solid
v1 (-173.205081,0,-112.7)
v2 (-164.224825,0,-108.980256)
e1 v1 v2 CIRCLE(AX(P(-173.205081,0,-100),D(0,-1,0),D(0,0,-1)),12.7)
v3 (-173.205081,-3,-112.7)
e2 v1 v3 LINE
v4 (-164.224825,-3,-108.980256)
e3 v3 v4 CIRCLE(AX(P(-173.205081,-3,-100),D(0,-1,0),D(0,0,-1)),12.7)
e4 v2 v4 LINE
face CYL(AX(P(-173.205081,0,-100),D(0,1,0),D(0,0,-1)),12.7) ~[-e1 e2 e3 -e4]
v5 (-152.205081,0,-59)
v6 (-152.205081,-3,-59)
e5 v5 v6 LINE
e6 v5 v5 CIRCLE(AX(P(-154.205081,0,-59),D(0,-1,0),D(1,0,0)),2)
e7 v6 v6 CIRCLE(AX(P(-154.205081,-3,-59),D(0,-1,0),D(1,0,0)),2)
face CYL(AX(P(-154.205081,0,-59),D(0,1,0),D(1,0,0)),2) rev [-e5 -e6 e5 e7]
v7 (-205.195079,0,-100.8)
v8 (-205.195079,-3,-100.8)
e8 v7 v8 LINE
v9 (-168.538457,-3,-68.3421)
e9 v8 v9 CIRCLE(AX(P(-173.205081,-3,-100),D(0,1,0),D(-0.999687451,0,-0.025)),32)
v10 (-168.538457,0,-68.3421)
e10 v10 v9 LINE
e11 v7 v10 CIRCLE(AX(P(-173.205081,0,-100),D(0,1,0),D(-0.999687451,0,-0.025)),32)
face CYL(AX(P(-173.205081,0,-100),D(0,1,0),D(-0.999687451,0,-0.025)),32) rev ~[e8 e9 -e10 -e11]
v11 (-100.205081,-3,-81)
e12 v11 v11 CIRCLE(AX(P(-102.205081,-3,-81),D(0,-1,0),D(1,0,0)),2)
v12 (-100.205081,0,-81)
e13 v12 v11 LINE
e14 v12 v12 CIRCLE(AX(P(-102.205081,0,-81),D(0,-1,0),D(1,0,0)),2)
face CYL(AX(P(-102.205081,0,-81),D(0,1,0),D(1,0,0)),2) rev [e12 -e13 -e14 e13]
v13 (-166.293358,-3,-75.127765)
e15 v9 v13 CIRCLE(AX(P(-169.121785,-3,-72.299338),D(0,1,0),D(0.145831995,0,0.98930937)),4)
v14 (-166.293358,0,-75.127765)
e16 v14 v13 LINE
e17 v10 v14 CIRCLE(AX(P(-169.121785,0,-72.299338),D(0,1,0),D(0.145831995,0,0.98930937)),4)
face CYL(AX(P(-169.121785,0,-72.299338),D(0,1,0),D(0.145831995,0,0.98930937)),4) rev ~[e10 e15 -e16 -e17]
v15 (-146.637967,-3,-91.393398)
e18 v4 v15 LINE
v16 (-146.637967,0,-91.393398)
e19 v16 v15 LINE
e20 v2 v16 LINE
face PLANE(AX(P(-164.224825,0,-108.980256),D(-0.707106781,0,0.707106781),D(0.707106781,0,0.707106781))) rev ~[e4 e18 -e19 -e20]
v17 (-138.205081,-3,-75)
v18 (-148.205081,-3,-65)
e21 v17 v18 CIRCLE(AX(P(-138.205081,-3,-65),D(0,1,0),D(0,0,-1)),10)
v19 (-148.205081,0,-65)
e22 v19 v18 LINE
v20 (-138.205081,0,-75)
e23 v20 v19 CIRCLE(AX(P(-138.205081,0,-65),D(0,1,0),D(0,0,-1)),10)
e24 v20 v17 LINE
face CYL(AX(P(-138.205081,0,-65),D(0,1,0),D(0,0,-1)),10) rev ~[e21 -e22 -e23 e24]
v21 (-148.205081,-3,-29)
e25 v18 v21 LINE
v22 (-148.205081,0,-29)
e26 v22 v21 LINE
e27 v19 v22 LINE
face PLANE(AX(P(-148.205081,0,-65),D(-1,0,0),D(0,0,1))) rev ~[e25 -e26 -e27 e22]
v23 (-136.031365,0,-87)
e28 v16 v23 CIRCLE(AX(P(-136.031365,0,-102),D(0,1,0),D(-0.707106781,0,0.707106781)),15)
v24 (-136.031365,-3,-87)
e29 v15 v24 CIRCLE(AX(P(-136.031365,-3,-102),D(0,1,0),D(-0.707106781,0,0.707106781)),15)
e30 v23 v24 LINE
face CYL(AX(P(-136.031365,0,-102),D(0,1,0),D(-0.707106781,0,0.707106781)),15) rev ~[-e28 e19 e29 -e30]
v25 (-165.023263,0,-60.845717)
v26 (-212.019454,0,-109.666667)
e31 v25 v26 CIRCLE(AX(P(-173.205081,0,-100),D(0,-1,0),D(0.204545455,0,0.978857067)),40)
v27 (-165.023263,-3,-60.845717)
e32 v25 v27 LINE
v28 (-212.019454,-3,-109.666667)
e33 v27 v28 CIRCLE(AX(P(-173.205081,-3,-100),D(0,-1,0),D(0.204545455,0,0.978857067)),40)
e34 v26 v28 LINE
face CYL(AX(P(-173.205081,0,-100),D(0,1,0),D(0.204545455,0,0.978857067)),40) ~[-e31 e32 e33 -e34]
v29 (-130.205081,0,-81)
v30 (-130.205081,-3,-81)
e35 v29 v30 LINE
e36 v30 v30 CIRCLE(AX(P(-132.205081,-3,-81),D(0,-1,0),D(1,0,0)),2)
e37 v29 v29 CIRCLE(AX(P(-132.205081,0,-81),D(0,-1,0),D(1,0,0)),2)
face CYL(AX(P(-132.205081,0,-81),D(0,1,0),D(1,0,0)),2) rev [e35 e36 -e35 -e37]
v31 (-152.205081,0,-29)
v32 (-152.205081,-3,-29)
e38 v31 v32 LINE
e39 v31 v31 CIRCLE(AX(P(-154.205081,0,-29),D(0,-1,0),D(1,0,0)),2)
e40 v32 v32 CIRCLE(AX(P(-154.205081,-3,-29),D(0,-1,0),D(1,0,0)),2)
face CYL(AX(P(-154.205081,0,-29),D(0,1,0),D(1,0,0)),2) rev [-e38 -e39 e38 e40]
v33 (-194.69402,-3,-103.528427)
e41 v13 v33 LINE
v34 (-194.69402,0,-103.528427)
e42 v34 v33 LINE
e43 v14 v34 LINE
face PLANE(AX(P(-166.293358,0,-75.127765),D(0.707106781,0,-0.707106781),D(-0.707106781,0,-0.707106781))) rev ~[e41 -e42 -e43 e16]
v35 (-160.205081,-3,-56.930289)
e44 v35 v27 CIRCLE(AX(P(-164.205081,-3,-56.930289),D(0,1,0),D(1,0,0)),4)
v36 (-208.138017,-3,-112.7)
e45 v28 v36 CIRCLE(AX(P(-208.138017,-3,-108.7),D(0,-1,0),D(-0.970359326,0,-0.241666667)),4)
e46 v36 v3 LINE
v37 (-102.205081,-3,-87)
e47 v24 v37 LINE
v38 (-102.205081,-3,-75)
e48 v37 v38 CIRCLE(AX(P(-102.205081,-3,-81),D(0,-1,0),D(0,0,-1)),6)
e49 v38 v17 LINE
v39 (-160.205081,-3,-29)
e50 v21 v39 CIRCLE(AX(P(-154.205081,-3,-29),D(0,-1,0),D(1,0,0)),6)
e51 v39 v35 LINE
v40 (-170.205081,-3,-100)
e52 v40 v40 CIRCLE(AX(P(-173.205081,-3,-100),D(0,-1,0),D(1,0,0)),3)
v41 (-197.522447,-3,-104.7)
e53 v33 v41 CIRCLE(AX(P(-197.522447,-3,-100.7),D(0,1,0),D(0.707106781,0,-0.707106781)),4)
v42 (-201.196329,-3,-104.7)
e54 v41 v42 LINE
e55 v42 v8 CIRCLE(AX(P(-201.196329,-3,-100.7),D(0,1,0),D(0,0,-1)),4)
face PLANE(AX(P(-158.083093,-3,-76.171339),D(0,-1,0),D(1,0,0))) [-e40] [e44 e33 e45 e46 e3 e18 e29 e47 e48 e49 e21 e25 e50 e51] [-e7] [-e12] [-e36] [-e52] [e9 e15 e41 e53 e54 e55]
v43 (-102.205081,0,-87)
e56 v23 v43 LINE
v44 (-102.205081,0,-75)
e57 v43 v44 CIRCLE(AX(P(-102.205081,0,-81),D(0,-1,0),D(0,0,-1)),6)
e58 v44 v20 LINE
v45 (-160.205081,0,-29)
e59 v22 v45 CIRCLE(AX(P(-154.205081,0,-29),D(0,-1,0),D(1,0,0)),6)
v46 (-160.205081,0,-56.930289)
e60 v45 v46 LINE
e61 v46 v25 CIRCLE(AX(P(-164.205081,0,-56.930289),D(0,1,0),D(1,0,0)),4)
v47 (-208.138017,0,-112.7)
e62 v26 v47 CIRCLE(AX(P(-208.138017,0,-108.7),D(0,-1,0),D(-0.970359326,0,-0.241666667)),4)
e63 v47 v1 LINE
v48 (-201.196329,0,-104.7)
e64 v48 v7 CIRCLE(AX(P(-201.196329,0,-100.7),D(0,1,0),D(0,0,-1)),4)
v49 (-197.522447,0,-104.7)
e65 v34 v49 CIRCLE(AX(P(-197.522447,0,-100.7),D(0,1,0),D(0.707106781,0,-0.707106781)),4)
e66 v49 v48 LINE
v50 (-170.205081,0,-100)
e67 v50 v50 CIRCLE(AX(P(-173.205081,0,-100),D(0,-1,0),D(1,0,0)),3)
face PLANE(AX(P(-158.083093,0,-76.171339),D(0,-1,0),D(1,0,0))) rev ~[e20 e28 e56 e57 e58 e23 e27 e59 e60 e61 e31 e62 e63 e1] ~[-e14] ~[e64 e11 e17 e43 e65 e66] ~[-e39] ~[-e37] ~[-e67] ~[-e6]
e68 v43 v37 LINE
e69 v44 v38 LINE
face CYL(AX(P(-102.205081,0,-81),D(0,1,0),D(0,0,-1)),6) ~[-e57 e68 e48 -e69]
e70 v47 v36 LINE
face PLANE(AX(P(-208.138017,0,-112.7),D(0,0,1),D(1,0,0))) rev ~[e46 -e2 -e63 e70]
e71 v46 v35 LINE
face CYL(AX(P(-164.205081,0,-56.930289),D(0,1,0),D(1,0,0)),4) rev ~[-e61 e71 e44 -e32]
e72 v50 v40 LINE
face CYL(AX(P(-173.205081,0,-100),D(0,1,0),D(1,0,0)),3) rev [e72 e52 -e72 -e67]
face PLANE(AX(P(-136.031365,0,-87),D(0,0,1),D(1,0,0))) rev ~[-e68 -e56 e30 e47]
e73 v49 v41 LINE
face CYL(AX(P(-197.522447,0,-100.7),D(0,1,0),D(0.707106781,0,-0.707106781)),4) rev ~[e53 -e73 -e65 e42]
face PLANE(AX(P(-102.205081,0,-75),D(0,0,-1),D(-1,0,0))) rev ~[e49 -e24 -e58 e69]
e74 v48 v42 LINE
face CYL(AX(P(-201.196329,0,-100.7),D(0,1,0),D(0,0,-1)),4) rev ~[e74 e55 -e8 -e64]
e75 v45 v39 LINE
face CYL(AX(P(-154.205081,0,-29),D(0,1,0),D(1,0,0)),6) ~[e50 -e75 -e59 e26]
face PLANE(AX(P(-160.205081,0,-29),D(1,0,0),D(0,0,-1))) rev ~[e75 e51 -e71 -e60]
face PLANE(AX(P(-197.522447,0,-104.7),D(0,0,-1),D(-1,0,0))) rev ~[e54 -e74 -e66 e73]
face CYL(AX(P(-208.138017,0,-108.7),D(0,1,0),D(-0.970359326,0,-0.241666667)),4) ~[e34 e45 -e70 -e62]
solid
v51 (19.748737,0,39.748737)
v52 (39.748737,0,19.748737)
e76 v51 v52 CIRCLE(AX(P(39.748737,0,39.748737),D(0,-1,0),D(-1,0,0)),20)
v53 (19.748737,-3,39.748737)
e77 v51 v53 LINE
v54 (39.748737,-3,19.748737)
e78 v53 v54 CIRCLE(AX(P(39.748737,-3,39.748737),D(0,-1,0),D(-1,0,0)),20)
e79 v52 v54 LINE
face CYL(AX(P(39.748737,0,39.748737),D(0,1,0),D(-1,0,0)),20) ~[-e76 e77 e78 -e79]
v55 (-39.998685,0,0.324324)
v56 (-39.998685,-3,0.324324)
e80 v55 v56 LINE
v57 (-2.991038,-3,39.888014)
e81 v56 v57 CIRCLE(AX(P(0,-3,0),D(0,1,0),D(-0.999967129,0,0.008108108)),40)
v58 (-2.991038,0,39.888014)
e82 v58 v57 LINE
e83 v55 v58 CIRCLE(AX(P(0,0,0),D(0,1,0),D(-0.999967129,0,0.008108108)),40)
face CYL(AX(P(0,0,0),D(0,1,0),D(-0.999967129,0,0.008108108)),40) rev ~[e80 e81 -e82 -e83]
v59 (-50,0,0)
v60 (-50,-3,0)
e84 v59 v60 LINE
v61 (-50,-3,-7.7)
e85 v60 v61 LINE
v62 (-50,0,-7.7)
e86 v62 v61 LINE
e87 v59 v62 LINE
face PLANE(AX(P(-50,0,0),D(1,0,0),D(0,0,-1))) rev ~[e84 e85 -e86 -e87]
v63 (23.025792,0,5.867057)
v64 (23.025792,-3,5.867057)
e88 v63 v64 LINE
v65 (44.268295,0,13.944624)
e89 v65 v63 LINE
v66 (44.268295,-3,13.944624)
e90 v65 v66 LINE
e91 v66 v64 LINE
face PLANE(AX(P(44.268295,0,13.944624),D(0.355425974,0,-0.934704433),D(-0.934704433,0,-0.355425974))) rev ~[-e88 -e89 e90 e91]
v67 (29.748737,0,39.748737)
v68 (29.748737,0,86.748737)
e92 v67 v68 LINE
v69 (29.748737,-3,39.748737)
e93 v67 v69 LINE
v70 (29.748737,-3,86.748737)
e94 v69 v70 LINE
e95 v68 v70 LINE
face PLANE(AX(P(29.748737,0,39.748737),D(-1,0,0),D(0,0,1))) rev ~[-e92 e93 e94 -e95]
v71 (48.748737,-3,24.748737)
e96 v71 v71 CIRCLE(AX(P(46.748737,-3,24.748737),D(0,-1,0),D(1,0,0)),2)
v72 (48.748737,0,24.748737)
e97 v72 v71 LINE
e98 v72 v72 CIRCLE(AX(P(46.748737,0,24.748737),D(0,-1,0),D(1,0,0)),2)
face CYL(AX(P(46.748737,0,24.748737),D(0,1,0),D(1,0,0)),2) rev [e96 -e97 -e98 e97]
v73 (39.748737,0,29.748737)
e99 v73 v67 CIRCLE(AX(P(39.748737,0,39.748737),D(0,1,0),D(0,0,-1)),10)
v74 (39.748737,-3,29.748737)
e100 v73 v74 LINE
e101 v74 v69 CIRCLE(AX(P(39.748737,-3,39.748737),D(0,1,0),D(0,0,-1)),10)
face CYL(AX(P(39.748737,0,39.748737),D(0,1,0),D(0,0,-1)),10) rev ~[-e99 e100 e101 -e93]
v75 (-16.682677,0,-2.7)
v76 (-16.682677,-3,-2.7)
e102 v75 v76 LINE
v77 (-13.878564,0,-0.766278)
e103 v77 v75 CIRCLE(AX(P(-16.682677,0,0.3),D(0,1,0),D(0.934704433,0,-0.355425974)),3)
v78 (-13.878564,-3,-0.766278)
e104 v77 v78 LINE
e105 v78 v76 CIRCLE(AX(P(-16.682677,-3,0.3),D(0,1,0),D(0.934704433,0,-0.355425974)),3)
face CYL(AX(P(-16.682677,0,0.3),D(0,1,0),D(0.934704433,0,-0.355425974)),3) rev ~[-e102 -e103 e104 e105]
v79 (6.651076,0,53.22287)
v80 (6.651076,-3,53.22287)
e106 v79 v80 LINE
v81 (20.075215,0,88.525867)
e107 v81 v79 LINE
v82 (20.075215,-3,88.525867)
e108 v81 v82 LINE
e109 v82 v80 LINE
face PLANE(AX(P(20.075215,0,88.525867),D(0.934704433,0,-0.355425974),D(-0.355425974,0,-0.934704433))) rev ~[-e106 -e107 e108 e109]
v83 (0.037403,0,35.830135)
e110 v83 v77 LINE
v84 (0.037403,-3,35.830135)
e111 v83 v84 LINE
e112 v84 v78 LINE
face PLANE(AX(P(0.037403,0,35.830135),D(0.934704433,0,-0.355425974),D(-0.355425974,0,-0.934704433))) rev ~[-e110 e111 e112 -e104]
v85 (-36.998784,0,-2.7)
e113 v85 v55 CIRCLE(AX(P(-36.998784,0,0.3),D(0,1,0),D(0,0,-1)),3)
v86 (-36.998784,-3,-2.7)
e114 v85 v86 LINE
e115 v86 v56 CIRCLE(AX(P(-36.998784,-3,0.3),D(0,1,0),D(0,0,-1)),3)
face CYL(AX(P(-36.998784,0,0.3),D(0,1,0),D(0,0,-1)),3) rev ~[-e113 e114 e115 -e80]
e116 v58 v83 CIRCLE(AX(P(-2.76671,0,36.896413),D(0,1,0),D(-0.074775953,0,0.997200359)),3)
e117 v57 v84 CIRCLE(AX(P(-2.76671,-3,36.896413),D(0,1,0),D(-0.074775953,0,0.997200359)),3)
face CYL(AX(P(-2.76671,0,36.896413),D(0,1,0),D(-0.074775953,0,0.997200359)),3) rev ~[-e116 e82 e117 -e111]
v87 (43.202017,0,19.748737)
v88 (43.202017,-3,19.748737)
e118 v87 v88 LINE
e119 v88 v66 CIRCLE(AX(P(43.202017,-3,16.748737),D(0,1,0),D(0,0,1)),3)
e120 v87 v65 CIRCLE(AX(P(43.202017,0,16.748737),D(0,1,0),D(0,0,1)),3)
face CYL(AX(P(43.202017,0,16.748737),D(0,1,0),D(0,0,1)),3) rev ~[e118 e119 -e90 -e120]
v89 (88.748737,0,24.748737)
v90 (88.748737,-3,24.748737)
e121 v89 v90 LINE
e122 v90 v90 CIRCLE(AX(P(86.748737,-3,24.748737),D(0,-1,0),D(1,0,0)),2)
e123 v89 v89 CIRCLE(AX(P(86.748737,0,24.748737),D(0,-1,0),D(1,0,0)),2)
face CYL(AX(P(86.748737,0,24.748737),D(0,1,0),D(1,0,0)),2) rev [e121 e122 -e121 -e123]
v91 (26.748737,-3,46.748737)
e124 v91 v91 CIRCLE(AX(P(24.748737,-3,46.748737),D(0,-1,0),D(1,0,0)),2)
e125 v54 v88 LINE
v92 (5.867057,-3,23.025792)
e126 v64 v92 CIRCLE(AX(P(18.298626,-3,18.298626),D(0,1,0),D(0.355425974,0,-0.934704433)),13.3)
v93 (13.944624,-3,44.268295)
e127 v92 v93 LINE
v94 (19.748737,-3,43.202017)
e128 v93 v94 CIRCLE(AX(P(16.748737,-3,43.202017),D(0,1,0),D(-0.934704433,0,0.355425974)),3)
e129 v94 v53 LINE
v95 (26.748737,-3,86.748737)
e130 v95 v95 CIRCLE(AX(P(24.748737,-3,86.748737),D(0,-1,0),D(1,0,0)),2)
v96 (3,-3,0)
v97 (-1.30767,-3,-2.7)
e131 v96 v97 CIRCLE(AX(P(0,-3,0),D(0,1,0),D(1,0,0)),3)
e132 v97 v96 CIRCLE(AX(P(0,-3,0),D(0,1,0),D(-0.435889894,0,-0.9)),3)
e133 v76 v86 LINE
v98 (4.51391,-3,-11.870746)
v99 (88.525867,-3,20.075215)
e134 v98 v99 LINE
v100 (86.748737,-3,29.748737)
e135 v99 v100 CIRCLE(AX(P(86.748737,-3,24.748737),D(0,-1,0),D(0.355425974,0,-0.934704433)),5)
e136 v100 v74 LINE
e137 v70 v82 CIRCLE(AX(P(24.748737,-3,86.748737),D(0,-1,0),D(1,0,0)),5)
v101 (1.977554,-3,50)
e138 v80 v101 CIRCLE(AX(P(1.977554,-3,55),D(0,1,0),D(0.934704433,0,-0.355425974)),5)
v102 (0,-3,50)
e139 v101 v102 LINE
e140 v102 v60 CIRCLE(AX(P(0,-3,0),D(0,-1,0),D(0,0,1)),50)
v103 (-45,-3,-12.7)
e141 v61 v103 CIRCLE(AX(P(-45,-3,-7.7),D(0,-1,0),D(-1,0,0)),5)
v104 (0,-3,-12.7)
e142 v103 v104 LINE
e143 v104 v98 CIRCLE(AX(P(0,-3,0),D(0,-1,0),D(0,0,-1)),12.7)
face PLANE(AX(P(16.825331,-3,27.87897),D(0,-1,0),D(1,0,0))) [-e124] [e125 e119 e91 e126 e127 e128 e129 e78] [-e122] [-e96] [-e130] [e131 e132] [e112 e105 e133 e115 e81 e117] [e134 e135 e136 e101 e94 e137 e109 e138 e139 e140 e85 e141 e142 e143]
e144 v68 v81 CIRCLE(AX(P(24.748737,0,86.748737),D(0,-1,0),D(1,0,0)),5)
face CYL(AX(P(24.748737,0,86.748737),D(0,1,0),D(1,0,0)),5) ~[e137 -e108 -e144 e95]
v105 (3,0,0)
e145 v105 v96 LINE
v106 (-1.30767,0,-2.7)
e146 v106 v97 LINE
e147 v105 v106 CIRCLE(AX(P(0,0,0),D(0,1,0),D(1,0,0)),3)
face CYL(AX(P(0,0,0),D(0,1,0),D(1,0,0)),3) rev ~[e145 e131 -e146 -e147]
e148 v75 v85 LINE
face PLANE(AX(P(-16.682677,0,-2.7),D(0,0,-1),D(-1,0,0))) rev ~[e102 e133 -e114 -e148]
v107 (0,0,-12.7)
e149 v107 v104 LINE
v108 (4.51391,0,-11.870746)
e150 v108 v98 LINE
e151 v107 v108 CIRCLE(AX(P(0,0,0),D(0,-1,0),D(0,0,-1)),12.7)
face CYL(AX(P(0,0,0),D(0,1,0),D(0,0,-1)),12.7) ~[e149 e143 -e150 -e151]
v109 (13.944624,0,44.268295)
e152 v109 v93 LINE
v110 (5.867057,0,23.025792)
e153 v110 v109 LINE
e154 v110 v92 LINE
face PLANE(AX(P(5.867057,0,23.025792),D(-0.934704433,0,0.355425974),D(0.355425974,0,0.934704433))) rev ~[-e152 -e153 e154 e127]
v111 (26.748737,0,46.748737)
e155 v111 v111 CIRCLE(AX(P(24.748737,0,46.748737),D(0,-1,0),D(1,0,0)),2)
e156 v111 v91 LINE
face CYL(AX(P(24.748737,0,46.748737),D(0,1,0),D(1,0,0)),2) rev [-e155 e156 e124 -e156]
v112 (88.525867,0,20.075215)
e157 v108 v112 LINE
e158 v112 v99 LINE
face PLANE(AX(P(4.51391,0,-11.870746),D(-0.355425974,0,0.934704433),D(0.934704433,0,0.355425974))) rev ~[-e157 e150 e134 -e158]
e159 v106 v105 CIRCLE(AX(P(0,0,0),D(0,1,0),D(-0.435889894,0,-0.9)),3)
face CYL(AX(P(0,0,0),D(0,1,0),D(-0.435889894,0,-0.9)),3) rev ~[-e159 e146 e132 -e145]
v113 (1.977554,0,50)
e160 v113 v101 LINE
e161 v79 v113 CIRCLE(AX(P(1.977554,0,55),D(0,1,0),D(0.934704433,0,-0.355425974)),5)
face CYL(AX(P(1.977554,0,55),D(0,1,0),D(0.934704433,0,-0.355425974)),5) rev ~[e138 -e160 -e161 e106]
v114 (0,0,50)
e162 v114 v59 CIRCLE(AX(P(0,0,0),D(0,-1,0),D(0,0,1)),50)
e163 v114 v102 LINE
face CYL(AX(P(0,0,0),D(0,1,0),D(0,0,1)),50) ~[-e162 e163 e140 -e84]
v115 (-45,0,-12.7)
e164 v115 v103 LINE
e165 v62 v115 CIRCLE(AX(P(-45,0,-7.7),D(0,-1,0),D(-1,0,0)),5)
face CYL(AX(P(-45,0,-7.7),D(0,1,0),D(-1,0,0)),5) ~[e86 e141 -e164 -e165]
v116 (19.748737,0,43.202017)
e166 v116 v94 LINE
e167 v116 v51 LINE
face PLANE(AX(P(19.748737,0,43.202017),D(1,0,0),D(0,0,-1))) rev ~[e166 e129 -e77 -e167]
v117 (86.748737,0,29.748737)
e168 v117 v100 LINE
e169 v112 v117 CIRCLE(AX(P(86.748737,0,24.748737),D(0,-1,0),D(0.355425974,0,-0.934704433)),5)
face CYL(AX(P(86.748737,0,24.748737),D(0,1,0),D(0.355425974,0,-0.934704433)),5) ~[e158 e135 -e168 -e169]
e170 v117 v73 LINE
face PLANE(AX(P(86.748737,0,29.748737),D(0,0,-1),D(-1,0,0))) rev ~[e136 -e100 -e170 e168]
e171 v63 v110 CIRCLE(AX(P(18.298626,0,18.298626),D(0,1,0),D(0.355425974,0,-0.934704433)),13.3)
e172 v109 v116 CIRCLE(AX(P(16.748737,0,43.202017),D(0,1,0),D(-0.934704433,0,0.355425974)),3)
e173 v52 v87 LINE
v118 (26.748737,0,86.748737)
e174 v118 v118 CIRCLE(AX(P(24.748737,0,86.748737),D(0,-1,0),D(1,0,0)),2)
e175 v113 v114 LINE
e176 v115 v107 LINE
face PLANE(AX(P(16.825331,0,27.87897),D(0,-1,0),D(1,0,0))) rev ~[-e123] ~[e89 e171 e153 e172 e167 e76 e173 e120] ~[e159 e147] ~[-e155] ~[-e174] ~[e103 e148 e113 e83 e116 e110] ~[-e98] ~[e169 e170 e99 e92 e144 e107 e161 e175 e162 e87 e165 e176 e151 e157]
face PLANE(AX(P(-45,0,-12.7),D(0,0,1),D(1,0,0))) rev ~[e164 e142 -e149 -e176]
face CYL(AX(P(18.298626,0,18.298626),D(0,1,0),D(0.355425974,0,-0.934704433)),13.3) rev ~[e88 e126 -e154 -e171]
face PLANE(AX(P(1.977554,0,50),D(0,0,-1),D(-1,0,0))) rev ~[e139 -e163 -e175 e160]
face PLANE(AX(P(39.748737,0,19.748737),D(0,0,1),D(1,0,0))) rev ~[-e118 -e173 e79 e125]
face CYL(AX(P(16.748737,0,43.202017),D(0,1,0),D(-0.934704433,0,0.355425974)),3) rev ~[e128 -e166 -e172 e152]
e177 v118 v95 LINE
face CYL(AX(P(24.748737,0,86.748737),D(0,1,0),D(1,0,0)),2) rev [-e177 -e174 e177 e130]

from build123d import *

# Parameters (mm, degrees)
F0_R     = 2
F1_DEPTH = 3
F2_R     = 3
F2_R_2   = 2
F3_DEPTH = 3


with BuildPart() as f1:
    # F0 (on Front) → F1 (new body)
    with BuildSketch(Plane.XZ):
        with BuildLine():
            Line((1.9775541105, 50), (0, 50))
            ThreePointArc((0, 50), (-35.3553390593, 35.3553390593), (-50, 0))
            Line((-50, 0), (-50, -7.7))
            ThreePointArc((-50, -7.7), (-48.5355339059, -11.2355339059), (-45, -12.7))
            Line((-45, -12.7), (0, -12.7))
            ThreePointArc((0, -12.7), (2.2947246058, -12.490966295), (4.5139098752, -11.8707462966))
            Line((4.5139098752, -11.8707462966), (88.5258672136, 20.0752151775))
            ThreePointArc((88.5258672136, 20.0752151775), (91.6664406073, 25.6521722257), (86.7487373415, 29.7487373415))
            Line((86.7487373415, 29.7487373415), (39.7487373415, 29.7487373415))
            ThreePointArc((39.7487373415, 29.7487373415), (32.6776695297, 32.6776695297), (29.7487373415, 39.7487373415))
            Line((29.7487373415, 39.7487373415), (29.7487373415, 86.7487373415))
            ThreePointArc((29.7487373415, 86.7487373415), (25.6521722257, 91.6664406073), (20.0752151775, 88.5258672136))
            Line((20.0752151775, 88.5258672136), (6.6510762745, 53.2228701279))
            ThreePointArc((6.6510762745, 53.2228701279), (4.8160705046, 50.88383374), (1.9775541105, 50))
        make_face()
        with BuildLine():
            ThreePointArc((-1.3076696831, -2.7), (-1.5932656638, 2.5419489618), (3, 0))
            ThreePointArc((3, 0), (1.5932656638, -2.5419489618), (-1.3076696831, -2.7))
        make_face(mode=Mode.SUBTRACT)
        with BuildLine():
            Line((-16.6826770692, -2.7), (-36.9987837638, -2.7))
            ThreePointArc((-36.9987837638, -2.7), (-39.1286866927, -1.8127028929), (-39.99868515, 0.3243243243))
            ThreePointArc((-39.99868515, 0.3243243243), (-29.2121630402, 27.3248884813), (-2.9910381263, 39.8880143768))
            ThreePointArc((-2.9910381263, 39.8880143768), (-0.3624601289, 38.690732466), (0.0374030316, 35.8301353753))
            Line((0.0374030316, 35.8301353753), (-13.8785637708, -0.7662779233))
            ThreePointArc((-13.8785637708, -0.7662779233), (-14.9795672328, -2.169699756), (-16.6826770692, -2.7))
        make_face(mode=Mode.SUBTRACT)
        with BuildLine():
            Line((44.2682950578, 13.9446240431), (23.0257917018, 5.8670572857))
            ThreePointArc((23.0257917018, 5.8670572857), (8.8941060522, 8.8941060522), (5.8670572857, 23.0257917018))
            Line((5.8670572857, 23.0257917018), (13.9446240431, 44.2682950578))
            ThreePointArc((13.9446240431, 44.2682950578), (17.290798272, 46.152639094), (19.7487373415, 43.2020171345))
            Line((19.7487373415, 43.2020171345), (19.7487373415, 39.7487373415))
            ThreePointArc((19.7487373415, 39.7487373415), (25.6066017178, 25.6066017178), (39.7487373415, 19.7487373415))
            Line((39.7487373415, 19.7487373415), (43.2020171345, 19.7487373415))
            ThreePointArc((43.2020171345, 19.7487373415), (46.152639094, 17.290798272), (44.2682950578, 13.9446240431))
        make_face(mode=Mode.SUBTRACT)
        with Locations((46.7487373415, 24.7487373415)):
            Circle(F0_R, mode=Mode.SUBTRACT)
        with Locations((86.7487373415, 24.7487373415)):
            Circle(F0_R, mode=Mode.SUBTRACT)
        with Locations((24.7487373415, 46.7487373415)):
            Circle(F0_R, mode=Mode.SUBTRACT)
        with Locations((24.7487373415, 86.7487373415)):
            Circle(F0_R, mode=Mode.SUBTRACT)
    extrude(amount=F1_DEPTH)


with BuildPart() as f3:
    # F2 (on Front) → F3 (new body)
    with BuildSketch(Plane.XZ):
        with BuildLine():
            ThreePointArc((-160.2050807569, -56.9302890653), (-161.6824558613, -60.0345383524), (-165.0232625751, -60.8457173321))
            ThreePointArc((-165.0232625751, -60.8457173321), (-202.0227771946, -72.2594093065), (-212.0194538106, -109.6666666667))
            ThreePointArc((-212.0194538106, -109.6666666667), (-210.6010769322, -111.8517191076), (-208.1380165053, -112.7))
            Line((-208.1380165053, -112.7), (-173.2050807569, -112.7))
            ThreePointArc((-173.2050807569, -112.7), (-168.3450011659, -111.7332700629), (-164.2248246358, -108.9802561211))
            Line((-164.2248246358, -108.9802561211), (-146.637966797, -91.3933982822))
            ThreePointArc((-146.637966797, -91.3933982822), (-141.7716165646, -88.1418070123), (-136.0313650792, -87))
            Line((-136.0313650792, -87), (-102.2050807569, -87))
            ThreePointArc((-102.2050807569, -87), (-96.2050807569, -81), (-102.2050807569, -75))
            Line((-102.2050807569, -75), (-138.2050807569, -75))
            ThreePointArc((-138.2050807569, -75), (-145.2761485688, -72.0710678119), (-148.2050807569, -65))
            Line((-148.2050807569, -65), (-148.2050807569, -29))
            ThreePointArc((-148.2050807569, -29), (-154.2050807569, -23), (-160.2050807569, -29))
            Line((-160.2050807569, -29), (-160.2050807569, -56.9302890653))
        make_face()
        with Locations((-173.2050807569, -100)):
            Circle(F2_R, mode=Mode.SUBTRACT)
        with BuildLine():
            ThreePointArc((-168.5384569133, -68.342100166), (-165.3242423655, -71.0428859963), (-166.293357769, -75.12776477))
            Line((-166.293357769, -75.12776477), (-194.6940201238, -103.5284271247))
            ThreePointArc((-194.6940201238, -103.5284271247), (-195.9917135191, -104.39551813), (-197.5224472485, -104.7))
            Line((-197.5224472485, -104.7), (-201.1963293893, -104.7))
            ThreePointArc((-201.1963293893, -104.7), (-203.989177398, -103.5635642127), (-205.1950791939, -100.8))
            ThreePointArc((-205.1950791939, -100.8), (-194.4187677349, -76.0421310464), (-168.5384569133, -68.342100166))
        make_face(mode=Mode.SUBTRACT)
        with Locations((-132.2050807569, -81)):
            Circle(F2_R_2, mode=Mode.SUBTRACT)
        with Locations((-102.2050807569, -81)):
            Circle(F2_R_2, mode=Mode.SUBTRACT)
        with Locations((-154.2050807569, -59)):
            Circle(F2_R_2, mode=Mode.SUBTRACT)
        with Locations((-154.2050807569, -29)):
            Circle(F2_R_2, mode=Mode.SUBTRACT)
    extrude(amount=F3_DEPTH)


solid = Compound([f1.part, f3.part])
